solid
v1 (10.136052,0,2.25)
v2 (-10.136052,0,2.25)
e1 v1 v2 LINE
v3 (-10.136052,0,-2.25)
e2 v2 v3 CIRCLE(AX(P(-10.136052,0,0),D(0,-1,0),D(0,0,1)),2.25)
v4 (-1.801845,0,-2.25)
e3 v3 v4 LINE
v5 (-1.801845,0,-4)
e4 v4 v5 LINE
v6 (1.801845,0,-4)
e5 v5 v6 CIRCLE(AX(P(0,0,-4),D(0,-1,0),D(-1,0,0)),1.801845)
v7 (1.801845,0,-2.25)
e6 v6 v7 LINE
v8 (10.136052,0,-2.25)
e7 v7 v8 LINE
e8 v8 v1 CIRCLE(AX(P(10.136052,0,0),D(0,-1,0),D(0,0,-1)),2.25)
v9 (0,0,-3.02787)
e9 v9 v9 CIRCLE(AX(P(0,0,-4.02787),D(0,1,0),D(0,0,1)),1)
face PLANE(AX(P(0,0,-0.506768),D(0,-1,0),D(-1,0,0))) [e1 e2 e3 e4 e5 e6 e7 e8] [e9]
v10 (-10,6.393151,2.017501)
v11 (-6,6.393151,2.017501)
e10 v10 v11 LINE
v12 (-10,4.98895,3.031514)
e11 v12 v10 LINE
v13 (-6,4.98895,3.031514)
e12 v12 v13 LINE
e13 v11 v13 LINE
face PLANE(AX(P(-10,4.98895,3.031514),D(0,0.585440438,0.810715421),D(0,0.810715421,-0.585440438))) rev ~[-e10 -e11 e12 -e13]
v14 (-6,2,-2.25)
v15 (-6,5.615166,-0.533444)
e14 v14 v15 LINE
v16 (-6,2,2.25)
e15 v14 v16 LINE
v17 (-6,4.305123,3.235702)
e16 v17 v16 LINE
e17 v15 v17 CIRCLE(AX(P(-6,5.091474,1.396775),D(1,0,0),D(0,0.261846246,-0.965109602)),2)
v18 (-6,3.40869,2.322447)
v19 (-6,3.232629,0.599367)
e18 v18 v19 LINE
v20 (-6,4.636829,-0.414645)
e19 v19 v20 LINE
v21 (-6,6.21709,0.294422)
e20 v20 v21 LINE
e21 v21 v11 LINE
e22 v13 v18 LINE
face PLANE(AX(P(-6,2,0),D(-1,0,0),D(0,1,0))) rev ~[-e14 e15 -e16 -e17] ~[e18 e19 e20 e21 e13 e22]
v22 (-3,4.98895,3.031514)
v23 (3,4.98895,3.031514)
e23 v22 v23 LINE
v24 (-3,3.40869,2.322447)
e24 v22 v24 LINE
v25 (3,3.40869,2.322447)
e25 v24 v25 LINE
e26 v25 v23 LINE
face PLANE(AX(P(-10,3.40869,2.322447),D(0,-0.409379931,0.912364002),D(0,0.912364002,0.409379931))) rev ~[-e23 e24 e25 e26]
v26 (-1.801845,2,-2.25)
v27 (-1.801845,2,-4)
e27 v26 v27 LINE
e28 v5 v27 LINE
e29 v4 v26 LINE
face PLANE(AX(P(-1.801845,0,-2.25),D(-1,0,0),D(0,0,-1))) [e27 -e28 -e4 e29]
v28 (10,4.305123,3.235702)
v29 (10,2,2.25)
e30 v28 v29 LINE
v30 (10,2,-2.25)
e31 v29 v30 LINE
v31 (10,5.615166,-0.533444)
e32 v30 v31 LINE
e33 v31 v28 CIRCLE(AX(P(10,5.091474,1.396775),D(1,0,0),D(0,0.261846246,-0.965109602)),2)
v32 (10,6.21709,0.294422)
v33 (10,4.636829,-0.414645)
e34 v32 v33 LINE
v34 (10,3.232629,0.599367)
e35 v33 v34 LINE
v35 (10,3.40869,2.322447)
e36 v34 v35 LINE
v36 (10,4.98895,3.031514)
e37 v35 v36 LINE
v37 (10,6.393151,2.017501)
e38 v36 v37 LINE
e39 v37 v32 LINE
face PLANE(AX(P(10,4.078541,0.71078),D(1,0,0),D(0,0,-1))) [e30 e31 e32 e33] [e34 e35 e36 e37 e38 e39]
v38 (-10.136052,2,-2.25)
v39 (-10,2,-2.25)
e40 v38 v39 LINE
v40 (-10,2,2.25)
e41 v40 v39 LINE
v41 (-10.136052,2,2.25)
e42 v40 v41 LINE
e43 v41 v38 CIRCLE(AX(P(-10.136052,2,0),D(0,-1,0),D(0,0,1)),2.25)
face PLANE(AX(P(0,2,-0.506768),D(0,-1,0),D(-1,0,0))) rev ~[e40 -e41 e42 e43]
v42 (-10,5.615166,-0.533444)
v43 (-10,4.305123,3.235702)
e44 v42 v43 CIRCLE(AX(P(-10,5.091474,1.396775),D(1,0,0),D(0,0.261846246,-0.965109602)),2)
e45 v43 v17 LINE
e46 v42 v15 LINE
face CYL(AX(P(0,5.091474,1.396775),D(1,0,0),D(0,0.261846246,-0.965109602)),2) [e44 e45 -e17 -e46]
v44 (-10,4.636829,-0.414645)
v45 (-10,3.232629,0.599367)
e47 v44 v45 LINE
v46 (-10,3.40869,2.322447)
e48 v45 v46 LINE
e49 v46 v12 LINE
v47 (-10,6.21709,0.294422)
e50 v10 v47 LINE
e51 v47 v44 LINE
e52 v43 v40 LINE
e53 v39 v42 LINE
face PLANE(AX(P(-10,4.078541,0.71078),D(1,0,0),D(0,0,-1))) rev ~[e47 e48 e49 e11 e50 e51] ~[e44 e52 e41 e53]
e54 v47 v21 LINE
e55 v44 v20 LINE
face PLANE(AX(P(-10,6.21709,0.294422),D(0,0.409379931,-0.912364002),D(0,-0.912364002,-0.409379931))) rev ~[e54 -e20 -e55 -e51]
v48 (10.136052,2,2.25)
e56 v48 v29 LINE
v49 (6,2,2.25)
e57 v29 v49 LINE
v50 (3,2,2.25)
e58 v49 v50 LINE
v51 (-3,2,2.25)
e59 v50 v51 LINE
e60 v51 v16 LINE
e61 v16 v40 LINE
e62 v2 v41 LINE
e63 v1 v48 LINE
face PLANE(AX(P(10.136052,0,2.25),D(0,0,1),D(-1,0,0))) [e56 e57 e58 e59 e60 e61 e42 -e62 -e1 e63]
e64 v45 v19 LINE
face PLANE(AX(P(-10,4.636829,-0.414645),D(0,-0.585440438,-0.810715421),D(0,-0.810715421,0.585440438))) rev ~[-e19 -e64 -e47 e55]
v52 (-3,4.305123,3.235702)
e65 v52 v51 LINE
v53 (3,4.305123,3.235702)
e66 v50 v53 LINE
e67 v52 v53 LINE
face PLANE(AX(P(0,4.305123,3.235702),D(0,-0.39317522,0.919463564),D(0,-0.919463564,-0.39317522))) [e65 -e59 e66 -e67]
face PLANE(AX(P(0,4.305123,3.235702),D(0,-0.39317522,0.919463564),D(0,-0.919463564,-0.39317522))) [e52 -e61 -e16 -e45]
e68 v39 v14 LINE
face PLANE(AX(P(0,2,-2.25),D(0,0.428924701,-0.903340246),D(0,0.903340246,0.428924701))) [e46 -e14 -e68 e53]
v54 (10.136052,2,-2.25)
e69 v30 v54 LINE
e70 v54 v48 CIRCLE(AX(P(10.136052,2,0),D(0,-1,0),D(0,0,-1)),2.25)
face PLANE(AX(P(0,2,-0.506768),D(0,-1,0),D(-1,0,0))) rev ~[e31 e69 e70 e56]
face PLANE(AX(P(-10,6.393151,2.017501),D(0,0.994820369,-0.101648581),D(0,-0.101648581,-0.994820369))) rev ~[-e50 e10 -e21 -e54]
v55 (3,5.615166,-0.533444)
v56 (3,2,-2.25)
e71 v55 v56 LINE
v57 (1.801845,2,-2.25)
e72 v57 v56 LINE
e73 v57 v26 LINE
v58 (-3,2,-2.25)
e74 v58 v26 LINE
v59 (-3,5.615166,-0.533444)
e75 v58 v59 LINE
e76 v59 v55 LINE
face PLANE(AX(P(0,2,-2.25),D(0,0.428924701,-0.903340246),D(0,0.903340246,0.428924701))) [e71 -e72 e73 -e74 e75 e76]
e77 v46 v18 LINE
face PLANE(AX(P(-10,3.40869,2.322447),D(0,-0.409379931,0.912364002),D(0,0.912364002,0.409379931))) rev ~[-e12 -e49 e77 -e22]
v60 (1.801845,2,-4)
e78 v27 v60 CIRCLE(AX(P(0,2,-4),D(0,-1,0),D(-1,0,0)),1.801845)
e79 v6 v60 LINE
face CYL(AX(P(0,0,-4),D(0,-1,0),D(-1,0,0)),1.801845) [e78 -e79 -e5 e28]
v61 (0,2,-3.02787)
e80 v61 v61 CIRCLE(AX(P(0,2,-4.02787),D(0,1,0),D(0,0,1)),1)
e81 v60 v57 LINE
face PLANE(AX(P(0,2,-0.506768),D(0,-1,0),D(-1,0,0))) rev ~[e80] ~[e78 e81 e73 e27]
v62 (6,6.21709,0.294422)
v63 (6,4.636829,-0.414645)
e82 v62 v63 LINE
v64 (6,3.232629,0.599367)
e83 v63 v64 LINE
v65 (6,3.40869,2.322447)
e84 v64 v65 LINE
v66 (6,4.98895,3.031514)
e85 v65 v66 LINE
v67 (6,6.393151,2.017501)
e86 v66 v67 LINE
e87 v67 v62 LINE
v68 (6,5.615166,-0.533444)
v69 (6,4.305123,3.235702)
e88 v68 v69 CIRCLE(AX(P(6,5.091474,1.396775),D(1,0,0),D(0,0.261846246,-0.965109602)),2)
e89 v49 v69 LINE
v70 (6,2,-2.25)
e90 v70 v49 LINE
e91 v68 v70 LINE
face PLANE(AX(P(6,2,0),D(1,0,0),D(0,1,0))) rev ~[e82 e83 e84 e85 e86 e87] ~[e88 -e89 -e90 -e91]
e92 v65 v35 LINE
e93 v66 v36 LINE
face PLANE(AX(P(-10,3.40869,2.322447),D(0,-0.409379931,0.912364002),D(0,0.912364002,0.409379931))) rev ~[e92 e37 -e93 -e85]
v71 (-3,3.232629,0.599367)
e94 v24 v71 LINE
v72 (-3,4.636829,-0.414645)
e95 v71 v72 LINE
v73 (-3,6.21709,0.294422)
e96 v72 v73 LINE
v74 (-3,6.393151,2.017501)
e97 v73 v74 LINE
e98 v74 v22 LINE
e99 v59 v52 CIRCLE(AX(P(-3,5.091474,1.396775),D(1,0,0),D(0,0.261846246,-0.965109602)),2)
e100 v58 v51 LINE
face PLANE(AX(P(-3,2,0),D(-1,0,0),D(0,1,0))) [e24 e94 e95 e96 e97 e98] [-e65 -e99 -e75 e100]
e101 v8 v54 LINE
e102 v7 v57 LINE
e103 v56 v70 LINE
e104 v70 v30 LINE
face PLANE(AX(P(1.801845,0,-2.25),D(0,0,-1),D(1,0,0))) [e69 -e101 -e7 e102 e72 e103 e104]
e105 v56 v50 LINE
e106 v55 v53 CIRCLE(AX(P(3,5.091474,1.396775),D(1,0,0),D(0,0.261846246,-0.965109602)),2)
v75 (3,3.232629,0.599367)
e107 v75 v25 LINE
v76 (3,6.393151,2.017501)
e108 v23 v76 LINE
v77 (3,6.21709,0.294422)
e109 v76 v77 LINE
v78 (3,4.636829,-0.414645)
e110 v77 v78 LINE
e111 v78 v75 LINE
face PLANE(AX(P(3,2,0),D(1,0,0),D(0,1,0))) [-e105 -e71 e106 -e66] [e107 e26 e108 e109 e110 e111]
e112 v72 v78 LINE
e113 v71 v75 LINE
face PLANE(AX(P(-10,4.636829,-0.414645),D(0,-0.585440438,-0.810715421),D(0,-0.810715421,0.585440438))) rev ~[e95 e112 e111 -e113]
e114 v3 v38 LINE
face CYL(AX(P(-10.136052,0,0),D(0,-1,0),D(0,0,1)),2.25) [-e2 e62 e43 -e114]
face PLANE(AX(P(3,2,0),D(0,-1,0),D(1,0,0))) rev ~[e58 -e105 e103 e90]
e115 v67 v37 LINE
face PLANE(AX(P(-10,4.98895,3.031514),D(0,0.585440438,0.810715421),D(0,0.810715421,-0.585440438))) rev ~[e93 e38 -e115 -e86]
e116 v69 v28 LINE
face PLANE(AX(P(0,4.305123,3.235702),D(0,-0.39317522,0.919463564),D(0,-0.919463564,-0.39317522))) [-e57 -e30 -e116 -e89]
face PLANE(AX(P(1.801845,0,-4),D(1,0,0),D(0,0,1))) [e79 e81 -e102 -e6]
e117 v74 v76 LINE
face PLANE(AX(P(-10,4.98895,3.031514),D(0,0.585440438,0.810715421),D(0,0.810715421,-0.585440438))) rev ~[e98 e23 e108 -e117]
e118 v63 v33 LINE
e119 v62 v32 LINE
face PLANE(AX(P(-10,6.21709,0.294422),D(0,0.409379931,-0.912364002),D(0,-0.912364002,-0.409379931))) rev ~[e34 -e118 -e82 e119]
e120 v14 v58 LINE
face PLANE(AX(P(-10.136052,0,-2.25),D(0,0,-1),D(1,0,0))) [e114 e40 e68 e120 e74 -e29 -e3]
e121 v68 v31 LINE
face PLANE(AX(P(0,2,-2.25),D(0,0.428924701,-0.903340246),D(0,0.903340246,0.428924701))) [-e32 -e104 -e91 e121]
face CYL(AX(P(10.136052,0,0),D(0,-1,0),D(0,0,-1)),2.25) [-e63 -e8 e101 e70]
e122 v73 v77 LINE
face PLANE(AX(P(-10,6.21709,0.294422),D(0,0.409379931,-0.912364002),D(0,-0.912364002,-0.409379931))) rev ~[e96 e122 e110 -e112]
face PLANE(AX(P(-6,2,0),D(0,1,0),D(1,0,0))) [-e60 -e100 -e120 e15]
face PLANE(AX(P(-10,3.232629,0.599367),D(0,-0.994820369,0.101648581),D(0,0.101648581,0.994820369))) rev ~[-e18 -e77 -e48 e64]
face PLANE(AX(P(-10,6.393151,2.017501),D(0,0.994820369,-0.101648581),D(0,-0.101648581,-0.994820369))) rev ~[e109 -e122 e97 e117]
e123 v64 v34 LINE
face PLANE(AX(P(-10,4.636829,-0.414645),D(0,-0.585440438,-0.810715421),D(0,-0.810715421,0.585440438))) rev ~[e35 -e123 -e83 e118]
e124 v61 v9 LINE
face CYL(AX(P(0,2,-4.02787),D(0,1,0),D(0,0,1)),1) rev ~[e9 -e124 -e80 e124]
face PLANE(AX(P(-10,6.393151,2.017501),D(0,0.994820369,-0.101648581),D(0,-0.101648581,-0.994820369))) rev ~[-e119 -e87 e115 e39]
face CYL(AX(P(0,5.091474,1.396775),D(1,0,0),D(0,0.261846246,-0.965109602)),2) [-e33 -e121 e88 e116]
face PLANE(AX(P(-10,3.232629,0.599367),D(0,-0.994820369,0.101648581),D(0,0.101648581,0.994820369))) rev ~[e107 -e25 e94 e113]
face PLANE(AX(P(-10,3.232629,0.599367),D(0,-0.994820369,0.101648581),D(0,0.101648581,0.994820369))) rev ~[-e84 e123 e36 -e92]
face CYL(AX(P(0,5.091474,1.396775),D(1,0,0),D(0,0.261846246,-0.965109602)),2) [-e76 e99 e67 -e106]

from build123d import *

# Parameters (mm, degrees)
EXTRUDE_1_DEPTH     = 2
SKETCH_3_R          = 1
CUT_EXTRUDE_1_DEPTH = 2
EXTRUDE_2_DEPTH     = 10
CUT_EXTRUDE_2_DEPTH = 20
SKETCH_9_W          = 3
SKETCH_9_H          = 8.464174718
CUT_EXTRUDE_3_DEPTH = 10


with BuildPart() as part:
    # 草图2 → 凸台-拉伸1 (new body)
    with BuildSketch(Plane(origin=(0, 0, 0), x_dir=(1, 0, 0), z_dir=(0, 1, 0))):
        with BuildLine():
            Line((-10.13605196, 2.25), (-1.801845215, 2.25))
            Line((-1.801845215, 2.25), (-1.801845215, 4))
            ThreePointArc((-1.801845215, 4), (0, 5.801845215), (1.801845215, 4))
            Line((1.801845215, 4), (1.801845215, 2.25))
            Line((1.801845215, 2.25), (10.13605196, 2.25))
            ThreePointArc((10.13605196, 2.25), (12.38605196, 0), (10.13605196, -2.25))
            Line((10.13605196, -2.25), (-10.13605196, -2.25))
            ThreePointArc((-10.13605196, -2.25), (-12.38605196, 0), (-10.13605196, 2.25))
        make_face()
    extrude(amount=EXTRUDE_1_DEPTH)

    # 草图3 → 切除-拉伸1 (cut)
    with BuildSketch(Plane(origin=(0, 2, 0), x_dir=(1, 0, 0), z_dir=(0, 1, 0))):
        with Locations(Location((0, 4.027870037, 0), (0, 0, 270))):
            Circle(SKETCH_3_R)
    extrude(amount=-CUT_EXTRUDE_1_DEPTH, mode=Mode.SUBTRACT)

    # 草图4 → 凸台-拉伸2 (add, symmetric)
    with BuildSketch(Plane(origin=(0, 0, 0), x_dir=(0, 0, -1), z_dir=(1, 0, 0))):
        with BuildLine():
            Line((2.25, 2), (0.533443954, 5.615166387))
            ThreePointArc((0.533443954, 5.615166387), (-2.053385242, 6.980617435), (-3.235702378, 4.305123453))
            Line((-3.235702378, 4.305123453), (-2.25, 2))
            Line((-2.25, 2), (2.25, 2))
        make_face()
    extrude(amount=EXTRUDE_2_DEPTH, both=True)

    # 草图8 → 切除-拉伸2 (cut)
    with BuildSketch(Plane.ZY.offset(10)):
        Polygon((0.599367488, 3.232629101), (2.322446911, 3.408689608), (3.031513751, 4.988950414), (2.017501168, 6.393150714), (0.294421745, 6.217090207), (-0.414645095, 4.6368294), align=None)
    extrude(amount=-CUT_EXTRUDE_2_DEPTH, mode=Mode.SUBTRACT)

    # 草图9 → 切除-拉伸3 (cut, symmetric)
    with BuildSketch(Plane.XY):
        with Locations((-4.5, 6.232087359)):
            Rectangle(SKETCH_9_W, SKETCH_9_H)
        with Locations((4.5, 6.232087359)):
            Rectangle(SKETCH_9_W, SKETCH_9_H)
    extrude(amount=CUT_EXTRUDE_3_DEPTH, both=True, mode=Mode.SUBTRACT)


solid = part.part
